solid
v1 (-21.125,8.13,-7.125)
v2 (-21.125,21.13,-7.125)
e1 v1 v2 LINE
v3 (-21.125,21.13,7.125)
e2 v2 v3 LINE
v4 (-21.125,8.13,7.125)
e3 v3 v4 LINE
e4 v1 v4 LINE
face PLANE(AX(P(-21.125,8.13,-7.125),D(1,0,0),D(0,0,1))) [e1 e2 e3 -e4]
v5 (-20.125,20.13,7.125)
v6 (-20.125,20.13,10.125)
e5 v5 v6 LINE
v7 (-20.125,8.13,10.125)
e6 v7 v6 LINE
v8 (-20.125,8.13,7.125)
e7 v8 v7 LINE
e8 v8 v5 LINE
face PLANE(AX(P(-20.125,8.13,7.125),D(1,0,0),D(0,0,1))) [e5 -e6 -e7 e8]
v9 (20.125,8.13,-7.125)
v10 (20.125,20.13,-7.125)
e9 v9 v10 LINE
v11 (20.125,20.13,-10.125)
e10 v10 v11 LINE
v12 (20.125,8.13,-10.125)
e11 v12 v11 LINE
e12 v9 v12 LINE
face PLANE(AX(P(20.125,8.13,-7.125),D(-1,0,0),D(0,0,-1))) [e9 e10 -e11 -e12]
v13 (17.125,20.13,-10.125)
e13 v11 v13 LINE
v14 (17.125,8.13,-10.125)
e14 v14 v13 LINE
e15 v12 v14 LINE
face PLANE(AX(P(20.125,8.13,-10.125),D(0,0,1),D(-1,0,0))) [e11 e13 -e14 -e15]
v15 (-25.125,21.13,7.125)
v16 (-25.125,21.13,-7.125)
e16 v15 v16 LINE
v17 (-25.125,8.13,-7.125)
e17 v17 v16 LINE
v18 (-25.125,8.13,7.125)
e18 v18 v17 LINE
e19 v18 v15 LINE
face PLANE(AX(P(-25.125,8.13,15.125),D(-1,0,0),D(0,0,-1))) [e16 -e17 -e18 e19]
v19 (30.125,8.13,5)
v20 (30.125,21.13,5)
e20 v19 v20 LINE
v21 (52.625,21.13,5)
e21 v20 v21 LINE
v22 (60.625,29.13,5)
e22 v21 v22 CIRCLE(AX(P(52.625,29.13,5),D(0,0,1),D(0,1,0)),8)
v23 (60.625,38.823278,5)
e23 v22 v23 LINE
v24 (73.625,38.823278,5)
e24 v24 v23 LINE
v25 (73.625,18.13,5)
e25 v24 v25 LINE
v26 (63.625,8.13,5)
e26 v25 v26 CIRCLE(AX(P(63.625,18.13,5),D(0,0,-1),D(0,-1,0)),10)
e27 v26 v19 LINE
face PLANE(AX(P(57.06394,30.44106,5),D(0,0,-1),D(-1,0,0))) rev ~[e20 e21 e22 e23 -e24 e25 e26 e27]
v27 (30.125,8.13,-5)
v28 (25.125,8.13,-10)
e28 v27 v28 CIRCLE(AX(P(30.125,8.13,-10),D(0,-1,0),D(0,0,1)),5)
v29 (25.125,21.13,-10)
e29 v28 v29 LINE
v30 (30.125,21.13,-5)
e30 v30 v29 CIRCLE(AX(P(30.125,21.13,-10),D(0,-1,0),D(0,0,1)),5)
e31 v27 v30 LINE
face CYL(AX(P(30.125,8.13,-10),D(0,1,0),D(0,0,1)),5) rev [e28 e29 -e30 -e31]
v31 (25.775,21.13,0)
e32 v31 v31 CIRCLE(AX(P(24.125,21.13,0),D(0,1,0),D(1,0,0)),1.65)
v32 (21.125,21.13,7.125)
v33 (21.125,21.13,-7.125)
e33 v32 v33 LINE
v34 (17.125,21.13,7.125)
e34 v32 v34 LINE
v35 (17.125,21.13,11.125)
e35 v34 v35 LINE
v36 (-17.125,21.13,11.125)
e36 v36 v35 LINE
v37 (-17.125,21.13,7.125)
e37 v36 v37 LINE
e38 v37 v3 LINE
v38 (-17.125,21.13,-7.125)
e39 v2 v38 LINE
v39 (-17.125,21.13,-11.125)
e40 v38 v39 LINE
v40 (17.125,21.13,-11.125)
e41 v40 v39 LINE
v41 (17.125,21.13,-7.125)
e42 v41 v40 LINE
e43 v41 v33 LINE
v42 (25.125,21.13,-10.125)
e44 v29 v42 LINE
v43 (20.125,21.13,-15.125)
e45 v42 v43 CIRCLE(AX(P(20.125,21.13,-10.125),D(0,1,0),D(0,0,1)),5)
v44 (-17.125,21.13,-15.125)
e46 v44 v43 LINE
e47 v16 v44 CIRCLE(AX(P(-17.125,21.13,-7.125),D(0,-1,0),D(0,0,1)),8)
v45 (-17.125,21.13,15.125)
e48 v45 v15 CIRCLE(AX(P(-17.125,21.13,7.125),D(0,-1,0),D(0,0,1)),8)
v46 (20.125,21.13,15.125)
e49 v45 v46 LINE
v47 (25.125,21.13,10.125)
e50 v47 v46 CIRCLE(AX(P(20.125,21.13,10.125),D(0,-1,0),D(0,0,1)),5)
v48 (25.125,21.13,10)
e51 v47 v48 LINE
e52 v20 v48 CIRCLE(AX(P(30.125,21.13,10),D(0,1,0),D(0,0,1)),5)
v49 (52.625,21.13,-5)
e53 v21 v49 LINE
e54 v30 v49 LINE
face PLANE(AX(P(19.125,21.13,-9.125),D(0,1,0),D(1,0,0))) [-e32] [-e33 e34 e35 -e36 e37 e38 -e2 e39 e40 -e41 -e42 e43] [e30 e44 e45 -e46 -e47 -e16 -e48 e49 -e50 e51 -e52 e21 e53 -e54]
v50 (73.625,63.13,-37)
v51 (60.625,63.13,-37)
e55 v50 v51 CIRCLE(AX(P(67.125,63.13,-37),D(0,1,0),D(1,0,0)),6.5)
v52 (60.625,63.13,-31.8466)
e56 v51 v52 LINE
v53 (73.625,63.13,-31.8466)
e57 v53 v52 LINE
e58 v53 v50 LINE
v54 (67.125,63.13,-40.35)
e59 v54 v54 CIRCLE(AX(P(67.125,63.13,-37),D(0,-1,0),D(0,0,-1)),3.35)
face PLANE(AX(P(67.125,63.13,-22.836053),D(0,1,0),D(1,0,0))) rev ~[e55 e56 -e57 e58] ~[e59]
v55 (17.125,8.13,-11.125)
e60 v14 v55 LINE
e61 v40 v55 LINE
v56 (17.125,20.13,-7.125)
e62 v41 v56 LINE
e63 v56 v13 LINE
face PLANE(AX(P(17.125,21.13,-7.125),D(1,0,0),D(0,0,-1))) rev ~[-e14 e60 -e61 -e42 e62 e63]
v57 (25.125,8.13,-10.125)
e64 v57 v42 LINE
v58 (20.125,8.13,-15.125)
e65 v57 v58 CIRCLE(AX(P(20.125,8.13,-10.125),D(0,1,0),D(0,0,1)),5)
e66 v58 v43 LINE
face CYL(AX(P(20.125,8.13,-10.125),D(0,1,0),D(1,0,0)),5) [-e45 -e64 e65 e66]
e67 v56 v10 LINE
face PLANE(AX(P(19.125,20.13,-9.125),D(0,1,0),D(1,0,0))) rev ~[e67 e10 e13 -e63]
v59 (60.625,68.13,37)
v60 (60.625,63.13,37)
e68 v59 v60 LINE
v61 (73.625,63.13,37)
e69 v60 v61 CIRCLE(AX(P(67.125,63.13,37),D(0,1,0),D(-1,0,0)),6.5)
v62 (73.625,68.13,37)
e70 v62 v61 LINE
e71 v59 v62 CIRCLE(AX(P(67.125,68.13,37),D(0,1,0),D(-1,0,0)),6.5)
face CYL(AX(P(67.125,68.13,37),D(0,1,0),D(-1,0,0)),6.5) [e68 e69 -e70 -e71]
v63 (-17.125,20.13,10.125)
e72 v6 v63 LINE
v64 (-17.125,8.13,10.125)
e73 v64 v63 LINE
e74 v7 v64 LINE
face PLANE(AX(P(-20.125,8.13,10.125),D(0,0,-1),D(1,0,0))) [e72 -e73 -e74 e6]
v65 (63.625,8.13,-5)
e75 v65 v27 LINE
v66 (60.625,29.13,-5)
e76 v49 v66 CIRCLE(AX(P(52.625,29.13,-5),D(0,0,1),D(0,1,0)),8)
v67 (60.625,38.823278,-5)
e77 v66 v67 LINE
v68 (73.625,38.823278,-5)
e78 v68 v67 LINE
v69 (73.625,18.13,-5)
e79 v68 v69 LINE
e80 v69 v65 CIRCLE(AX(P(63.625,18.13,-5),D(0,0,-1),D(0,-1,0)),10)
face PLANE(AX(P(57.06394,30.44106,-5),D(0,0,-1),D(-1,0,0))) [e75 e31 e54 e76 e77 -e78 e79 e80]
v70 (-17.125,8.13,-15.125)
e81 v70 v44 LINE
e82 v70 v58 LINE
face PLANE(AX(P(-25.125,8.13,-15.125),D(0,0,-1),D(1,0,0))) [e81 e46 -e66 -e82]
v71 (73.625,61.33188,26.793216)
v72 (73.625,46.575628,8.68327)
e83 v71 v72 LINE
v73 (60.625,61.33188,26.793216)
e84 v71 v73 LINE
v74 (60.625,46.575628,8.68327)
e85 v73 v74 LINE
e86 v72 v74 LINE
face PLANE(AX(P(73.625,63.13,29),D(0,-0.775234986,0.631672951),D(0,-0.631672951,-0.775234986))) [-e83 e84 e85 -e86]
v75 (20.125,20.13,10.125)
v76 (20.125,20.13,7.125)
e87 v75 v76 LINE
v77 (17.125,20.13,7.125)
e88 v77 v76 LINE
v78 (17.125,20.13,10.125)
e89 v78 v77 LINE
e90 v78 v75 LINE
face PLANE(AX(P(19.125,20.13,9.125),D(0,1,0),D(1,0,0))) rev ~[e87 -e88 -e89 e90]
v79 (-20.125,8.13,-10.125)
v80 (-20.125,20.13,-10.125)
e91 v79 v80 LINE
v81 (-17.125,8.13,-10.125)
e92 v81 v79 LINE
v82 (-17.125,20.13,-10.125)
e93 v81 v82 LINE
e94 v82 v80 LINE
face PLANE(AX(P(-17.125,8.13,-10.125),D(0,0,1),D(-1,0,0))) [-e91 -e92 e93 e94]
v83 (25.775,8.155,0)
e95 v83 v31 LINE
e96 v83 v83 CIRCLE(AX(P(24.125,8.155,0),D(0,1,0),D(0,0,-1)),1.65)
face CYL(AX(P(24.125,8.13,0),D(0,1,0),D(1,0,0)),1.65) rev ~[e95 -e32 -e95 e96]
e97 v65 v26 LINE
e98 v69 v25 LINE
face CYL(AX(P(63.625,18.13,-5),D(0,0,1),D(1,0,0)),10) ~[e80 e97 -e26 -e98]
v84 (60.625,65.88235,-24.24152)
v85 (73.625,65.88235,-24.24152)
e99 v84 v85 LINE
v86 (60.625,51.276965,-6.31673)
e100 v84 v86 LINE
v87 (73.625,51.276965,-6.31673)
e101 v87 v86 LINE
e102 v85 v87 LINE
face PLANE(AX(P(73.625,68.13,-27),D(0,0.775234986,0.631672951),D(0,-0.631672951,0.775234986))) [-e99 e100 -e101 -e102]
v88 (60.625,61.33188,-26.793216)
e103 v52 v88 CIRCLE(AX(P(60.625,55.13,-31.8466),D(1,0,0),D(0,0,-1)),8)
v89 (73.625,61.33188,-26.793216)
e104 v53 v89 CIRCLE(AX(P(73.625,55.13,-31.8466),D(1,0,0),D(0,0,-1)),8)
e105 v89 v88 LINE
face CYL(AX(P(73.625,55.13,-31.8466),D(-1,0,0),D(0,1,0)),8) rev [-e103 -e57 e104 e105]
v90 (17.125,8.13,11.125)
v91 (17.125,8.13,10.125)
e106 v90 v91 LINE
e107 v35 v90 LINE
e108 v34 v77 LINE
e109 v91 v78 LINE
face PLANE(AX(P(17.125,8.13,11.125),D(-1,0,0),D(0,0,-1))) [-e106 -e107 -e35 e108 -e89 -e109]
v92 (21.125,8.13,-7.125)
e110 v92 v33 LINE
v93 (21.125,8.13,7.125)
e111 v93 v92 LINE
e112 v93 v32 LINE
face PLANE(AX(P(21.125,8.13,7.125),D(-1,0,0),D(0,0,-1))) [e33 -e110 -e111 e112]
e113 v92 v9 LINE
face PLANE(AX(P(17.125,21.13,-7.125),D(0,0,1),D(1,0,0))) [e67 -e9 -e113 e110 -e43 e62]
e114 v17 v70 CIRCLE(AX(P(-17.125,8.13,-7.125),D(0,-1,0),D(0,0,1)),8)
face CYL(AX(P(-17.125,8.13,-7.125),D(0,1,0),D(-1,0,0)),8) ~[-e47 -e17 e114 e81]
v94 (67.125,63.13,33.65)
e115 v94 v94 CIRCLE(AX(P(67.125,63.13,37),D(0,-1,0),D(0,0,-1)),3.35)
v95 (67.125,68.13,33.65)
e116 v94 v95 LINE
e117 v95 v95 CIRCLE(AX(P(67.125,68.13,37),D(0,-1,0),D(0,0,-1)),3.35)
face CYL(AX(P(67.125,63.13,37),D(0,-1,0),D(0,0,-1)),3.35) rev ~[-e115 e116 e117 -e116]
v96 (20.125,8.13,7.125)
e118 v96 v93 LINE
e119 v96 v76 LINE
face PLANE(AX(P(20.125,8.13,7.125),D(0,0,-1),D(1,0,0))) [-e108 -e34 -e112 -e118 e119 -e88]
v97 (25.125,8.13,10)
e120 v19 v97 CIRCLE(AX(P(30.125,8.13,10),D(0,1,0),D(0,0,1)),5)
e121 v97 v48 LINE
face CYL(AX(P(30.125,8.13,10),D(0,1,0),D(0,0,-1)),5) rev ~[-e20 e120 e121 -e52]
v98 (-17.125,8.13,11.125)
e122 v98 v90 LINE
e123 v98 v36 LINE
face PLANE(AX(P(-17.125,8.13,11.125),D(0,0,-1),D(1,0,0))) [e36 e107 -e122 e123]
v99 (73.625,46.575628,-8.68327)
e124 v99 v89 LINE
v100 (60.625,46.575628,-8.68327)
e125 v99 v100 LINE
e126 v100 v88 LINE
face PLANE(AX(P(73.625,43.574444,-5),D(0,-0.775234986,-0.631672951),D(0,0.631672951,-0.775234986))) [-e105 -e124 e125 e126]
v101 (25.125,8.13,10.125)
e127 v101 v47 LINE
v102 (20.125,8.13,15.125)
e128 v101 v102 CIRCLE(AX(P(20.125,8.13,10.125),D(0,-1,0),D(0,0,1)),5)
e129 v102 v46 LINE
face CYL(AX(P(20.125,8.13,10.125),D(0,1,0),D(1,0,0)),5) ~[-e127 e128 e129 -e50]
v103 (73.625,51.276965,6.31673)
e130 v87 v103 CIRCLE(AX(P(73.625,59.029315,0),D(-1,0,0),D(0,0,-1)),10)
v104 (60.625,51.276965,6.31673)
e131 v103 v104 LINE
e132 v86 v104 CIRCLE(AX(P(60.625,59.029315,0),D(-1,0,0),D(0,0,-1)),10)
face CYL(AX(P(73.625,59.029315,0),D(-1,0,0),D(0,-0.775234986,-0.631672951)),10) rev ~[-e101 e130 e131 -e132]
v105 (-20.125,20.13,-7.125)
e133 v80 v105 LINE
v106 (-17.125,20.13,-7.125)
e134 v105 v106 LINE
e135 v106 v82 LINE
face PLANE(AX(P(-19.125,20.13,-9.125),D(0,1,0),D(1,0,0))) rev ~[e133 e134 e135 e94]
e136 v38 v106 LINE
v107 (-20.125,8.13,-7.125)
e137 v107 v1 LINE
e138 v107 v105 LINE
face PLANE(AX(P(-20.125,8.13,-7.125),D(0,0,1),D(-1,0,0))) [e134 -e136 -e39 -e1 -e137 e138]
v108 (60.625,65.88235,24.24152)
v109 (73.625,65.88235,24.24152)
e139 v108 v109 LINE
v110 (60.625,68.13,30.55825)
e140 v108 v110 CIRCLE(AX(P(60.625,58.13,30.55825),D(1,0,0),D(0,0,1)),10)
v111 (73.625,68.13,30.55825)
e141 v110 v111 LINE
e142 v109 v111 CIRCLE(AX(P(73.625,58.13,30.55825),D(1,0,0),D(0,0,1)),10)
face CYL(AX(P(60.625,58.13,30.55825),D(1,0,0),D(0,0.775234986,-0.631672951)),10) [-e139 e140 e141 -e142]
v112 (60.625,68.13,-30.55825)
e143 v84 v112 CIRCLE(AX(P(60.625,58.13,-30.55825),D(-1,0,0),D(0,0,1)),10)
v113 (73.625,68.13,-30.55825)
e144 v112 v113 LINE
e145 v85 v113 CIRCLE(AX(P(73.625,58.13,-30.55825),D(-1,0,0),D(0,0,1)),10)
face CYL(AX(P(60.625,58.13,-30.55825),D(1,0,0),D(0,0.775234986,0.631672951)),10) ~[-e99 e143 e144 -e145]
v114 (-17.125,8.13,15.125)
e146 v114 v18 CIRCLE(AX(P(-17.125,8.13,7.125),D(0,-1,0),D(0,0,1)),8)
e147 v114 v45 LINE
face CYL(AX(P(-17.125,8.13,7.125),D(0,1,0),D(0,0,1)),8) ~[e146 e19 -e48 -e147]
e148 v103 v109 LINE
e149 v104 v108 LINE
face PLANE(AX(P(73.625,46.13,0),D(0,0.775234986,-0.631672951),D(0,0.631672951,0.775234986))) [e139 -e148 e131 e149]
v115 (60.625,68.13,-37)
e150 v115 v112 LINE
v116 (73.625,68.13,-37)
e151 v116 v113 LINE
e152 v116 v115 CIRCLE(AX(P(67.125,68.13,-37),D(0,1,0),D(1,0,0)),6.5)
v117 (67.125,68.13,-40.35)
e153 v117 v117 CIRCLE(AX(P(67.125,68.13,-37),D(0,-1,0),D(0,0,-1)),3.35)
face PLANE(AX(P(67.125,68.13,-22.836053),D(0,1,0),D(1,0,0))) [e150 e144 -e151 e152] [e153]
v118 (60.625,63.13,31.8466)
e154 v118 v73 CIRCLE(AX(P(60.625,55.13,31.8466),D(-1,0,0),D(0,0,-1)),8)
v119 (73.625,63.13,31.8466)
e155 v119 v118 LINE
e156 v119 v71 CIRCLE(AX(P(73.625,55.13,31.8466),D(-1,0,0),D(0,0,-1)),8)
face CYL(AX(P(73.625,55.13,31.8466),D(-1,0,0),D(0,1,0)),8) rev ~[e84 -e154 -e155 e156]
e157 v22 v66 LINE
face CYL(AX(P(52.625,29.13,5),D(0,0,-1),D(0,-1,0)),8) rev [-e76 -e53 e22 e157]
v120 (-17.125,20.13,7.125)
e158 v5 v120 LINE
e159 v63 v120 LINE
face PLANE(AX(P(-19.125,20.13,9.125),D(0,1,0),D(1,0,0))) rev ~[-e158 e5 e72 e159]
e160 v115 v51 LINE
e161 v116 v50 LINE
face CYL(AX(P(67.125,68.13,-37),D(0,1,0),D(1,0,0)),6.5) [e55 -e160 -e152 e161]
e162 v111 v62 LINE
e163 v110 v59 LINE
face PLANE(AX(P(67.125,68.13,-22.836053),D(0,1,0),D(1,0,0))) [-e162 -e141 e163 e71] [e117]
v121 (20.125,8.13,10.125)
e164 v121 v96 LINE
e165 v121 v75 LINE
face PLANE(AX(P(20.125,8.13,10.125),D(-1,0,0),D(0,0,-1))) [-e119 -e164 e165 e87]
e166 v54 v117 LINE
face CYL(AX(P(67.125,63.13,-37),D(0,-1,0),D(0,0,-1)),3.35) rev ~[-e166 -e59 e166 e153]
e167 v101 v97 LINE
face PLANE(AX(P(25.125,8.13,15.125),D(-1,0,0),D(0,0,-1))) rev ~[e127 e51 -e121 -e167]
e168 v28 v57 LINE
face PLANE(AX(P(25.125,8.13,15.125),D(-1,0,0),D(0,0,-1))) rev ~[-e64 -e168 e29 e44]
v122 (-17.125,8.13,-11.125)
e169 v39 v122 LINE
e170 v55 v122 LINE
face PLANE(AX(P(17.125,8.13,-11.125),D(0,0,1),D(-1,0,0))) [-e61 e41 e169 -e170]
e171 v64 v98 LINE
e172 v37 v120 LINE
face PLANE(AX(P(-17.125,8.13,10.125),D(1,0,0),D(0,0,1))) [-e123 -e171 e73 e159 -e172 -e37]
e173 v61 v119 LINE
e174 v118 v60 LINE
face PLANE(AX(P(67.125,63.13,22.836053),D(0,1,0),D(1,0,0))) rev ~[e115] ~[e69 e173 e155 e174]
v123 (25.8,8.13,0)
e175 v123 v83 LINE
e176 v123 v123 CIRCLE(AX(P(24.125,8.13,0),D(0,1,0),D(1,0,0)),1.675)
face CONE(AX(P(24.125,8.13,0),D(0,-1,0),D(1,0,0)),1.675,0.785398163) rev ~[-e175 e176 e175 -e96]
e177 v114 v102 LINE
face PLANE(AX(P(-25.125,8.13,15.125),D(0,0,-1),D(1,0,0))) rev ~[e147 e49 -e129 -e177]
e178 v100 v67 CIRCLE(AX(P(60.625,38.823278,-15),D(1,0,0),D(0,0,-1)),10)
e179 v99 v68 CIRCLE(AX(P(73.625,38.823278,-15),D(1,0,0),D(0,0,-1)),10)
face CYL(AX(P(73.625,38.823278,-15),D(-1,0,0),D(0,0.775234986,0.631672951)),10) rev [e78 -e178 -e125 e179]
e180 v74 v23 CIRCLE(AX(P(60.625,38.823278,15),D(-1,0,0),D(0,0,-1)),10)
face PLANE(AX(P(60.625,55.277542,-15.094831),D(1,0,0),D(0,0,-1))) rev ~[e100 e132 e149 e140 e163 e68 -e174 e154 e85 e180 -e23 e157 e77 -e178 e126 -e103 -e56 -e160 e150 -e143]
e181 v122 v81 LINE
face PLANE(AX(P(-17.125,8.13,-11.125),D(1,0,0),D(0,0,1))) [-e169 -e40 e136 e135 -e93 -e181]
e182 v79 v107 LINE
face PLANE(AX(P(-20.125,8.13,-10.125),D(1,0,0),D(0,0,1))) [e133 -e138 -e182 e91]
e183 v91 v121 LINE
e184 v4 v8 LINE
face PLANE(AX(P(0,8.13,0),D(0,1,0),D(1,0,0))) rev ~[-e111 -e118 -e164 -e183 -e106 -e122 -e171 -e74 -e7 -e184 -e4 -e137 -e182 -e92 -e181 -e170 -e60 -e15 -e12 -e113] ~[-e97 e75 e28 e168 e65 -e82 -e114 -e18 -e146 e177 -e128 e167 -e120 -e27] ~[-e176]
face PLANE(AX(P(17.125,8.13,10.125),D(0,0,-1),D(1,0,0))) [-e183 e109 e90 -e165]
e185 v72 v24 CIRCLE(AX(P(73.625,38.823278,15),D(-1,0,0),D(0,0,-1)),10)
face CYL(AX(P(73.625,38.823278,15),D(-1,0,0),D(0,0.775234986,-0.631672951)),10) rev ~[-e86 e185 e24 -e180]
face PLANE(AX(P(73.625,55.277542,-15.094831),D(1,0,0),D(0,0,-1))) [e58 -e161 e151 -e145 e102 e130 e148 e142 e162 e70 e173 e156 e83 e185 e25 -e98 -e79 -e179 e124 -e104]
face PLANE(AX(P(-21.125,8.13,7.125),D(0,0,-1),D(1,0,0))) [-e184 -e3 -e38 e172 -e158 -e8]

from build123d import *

# Parameters (mm, degrees)
BOSS_EXTRUDE1_DEPTH                   = 1
BOSS_EXTRUDE1_DEPTH_BACK              = 12
SKETCH1_W                             = 50.25
SKETCH1_H                             = 30.25
BOSS_EXTRUDE2_DEPTH                   = 5
BOSS_EXTRUDE3_DEPTH                   = 5
SKETCH4_R                             = 3.35
CUT_EXTRUDE1_DEPTH                    = 10
SKETCH6_W                             = 4
SKETCH6_H                             = 4
BOSS_EXTRUDE4_DEPTH                   = 1
TAP_DRILL_FOR_M4X0_7_TAP1_D           = 3.3
TAP_DRILL_FOR_M4X0_7_TAP1_CSINK_D     = 3.35
TAP_DRILL_FOR_M4X0_7_TAP1_CSINK_ANGLE = 90
SKETCH13_W                            = 13
SKETCH13_H                            = 54
CUT_EXTRUDE2_DEPTH                    = 22
BOSS_EXTRUDE5_DEPTH                   = 13
FILLET1_R                             = 10
FILLET2_R                             = 8
FILLET3_R                             = 5
FILLET4_R                             = 8


with BuildPart() as part:
    # Sketch1 → Boss-Extrude1 (new, two sides: drawn at the far end of the back side and taken through both)
    with BuildSketch(Plane(origin=(0, 20.13, 0), x_dir=(1, 0, 0), z_dir=(0, 1, 0)).offset(-BOSS_EXTRUDE1_DEPTH_BACK)):
        Rectangle(SKETCH1_W, SKETCH1_H)
        Polygon((20.125, 10.125), (17.125, 10.125), (17.125, 11.125), (-17.125, 11.125), (-17.125, 10.125), (-20.125, 10.125), (-20.125, 7.125), (-21.125, 7.125), (-21.125, -7.125), (-20.125, -7.125), (-20.125, -10.125), (-17.125, -10.125), (-17.125, -11.125), (17.125, -11.125), (17.125, -10.125), (20.125, -10.125), (20.125, -7.125), (21.125, -7.125), (21.125, 7.125), (20.125, 7.125), align=None, mode=Mode.SUBTRACT)
    extrude(amount=BOSS_EXTRUDE1_DEPTH + BOSS_EXTRUDE1_DEPTH_BACK)

    # Sketch2 → Boss-Extrude2 (add, symmetric)
    with BuildSketch(Plane.XY):
        Polygon((25.125, 21.13), (60.625, 21.13), (60.625, 68.13), (73.625, 68.13), (73.625, 8.13), (25.125, 8.13), align=None)
    extrude(amount=BOSS_EXTRUDE2_DEPTH, both=True)

    # Sketch3 → Boss-Extrude3 (add)
    with BuildSketch(Plane(origin=(0, 68.13, 0), x_dir=(1, 0, 0), z_dir=(0, 1, 0))):
        with BuildLine():
            Line((73.625, 5), (73.625, 37))
            ThreePointArc((73.625, 37), (67.125, 43.5), (60.625, 37))
            Line((60.625, 37), (60.625, 5))
            Line((60.625, 5), (73.625, 5))
        make_face()
        with BuildLine():
            Line((73.625, -37), (73.625, -5))
            Line((73.625, -5), (60.625, -5))
            Line((60.625, -5), (60.625, -37))
            ThreePointArc((60.625, -37), (67.125, -43.5), (73.625, -37))
        make_face()
    extrude(amount=-BOSS_EXTRUDE3_DEPTH)

    # Sketch4 → Cut-Extrude1 (cut)
    with BuildSketch(Plane.XZ.offset(-63.13)):
        with Locations(Location((67.125, 37, 0), (0, 0, 270))):
            Circle(SKETCH4_R)
        with Locations(Location((67.125, -37, 0), (0, 0, 270))):
            Circle(SKETCH4_R)
    extrude(amount=-CUT_EXTRUDE1_DEPTH, mode=Mode.SUBTRACT)

    # Sketch6 → Boss-Extrude4 (add)
    with BuildSketch(Plane(origin=(0, 21.13, 0), x_dir=(1, 0, 0), z_dir=(0, 1, 0))):
        with Locations((19.125, 9.125)):
            Rectangle(SKETCH6_W, SKETCH6_H)
        with Locations((19.125, -9.125)):
            Rectangle(SKETCH6_W, SKETCH6_H)
        with Locations((-19.125, -9.125)):
            Rectangle(SKETCH6_W, SKETCH6_H)
        with Locations((-19.125, 9.125)):
            Rectangle(SKETCH6_W, SKETCH6_H)
    extrude(amount=-BOSS_EXTRUDE4_DEPTH)

    # Tap Drill for M4x0.7 Tap1 (through all)
    with Locations(Plane(origin=(0, 8.13, 0), x_dir=(-1, 0, 0), z_dir=(0, -1, 0))):
        with Locations((-24.125, 0)):
            CounterSinkHole(TAP_DRILL_FOR_M4X0_7_TAP1_D / 2, TAP_DRILL_FOR_M4X0_7_TAP1_CSINK_D / 2, counter_sink_angle=TAP_DRILL_FOR_M4X0_7_TAP1_CSINK_ANGLE)

    # Sketch13 → Cut-Extrude2 (cut)
    with BuildSketch(Plane(origin=(0, 68.13, 0), x_dir=(1, 0, 0), z_dir=(0, 1, 0))):
        with Locations((67.125, 0)):
            Rectangle(SKETCH13_W, SKETCH13_H)
    extrude(amount=-CUT_EXTRUDE2_DEPTH, mode=Mode.SUBTRACT)


with BuildPart() as cut_extrude2_piece_1:
    # of the separate pieces the step leaves, piece 1, a body of its own (cut_extrude2_pieces)
    add(part.part.solids().sort_by_distance((25.125, 21.13, 15.125))[0])



with BuildPart() as cut_extrude2_piece_2:
    # of the separate pieces the step leaves, piece 2, a body of its own (cut_extrude2_pieces)
    add(part.part.solids().sort_by_distance((73.625, 68.13, 27))[0])


with BuildPart() as cut_extrude2_piece_3:
    # of the separate pieces the step leaves, piece 3, a body of its own (cut_extrude2_pieces)
    add(part.part.solids().sort_by_distance((73.625, 63.13, -27))[0])


with BuildPart() as cut_extrude2_piece_1_1:
    add(cut_extrude2_piece_1.part)

    add(cut_extrude2_piece_2.part)  # Boss-Extrude5 merges Cut-Extrude2 piece 2

    add(cut_extrude2_piece_3.part)  # Boss-Extrude5 merges Cut-Extrude2 piece 3
    # Sketch14 → Boss-Extrude5 (add)
    with BuildSketch(Plane(origin=(73.625, 0, 0), x_dir=(0, 0, -1), z_dir=(1, 0, 0))):
        Polygon((29, 63.13), (27, 63.13), (27, 68.13), (0, 46.13), (5, 46.13), (5, 43.574444444), align=None)
        Polygon((-5, 46.13), (0, 46.13), (-27, 68.13), (-27, 63.13), (-29, 63.13), (-5, 43.574444444), align=None)
    extrude(amount=-BOSS_EXTRUDE5_DEPTH)

    # Fillet1
    fillet1_edges = [cut_extrude2_piece_1_1.edges().sort_by_distance(p)[0] for p in [
        (73.625, 8.13, 0),
        (67.125, 43.574444444, -5),
        (67.125, 46.13, 0),
        (67.125, 68.13, -27),
        (67.125, 43.574444444, 5),
        (67.125, 68.13, 27),
    ]]
    fillet(fillet1_edges, radius=FILLET1_R)

    # Fillet2
    fillet2_edges = [cut_extrude2_piece_1_1.edges().sort_by_distance(p)[0] for p in [
        (67.125, 63.13, -29),
        (67.125, 63.13, 29),
    ]]
    fillet(fillet2_edges, radius=FILLET2_R)

    # Fillet3
    fillet3_edges = [cut_extrude2_piece_1_1.edges().sort_by_distance(p)[0] for p in [
        (25.125, 14.63, 5),
        (25.125, 14.63, 15.125),
        (25.125, 14.63, -5),
        (25.125, 14.63, -15.125),
    ]]
    fillet(fillet3_edges, radius=FILLET3_R)

    # Fillet4
    fillet4_edges = [cut_extrude2_piece_1_1.edges().sort_by_distance(p)[0] for p in [
        (60.625, 21.13, 0),
        (-25.125, 14.63, 15.125),
        (-25.125, 14.63, -15.125),
    ]]
    fillet(fillet4_edges, radius=FILLET4_R)


solid = cut_extrude2_piece_1_1.part
